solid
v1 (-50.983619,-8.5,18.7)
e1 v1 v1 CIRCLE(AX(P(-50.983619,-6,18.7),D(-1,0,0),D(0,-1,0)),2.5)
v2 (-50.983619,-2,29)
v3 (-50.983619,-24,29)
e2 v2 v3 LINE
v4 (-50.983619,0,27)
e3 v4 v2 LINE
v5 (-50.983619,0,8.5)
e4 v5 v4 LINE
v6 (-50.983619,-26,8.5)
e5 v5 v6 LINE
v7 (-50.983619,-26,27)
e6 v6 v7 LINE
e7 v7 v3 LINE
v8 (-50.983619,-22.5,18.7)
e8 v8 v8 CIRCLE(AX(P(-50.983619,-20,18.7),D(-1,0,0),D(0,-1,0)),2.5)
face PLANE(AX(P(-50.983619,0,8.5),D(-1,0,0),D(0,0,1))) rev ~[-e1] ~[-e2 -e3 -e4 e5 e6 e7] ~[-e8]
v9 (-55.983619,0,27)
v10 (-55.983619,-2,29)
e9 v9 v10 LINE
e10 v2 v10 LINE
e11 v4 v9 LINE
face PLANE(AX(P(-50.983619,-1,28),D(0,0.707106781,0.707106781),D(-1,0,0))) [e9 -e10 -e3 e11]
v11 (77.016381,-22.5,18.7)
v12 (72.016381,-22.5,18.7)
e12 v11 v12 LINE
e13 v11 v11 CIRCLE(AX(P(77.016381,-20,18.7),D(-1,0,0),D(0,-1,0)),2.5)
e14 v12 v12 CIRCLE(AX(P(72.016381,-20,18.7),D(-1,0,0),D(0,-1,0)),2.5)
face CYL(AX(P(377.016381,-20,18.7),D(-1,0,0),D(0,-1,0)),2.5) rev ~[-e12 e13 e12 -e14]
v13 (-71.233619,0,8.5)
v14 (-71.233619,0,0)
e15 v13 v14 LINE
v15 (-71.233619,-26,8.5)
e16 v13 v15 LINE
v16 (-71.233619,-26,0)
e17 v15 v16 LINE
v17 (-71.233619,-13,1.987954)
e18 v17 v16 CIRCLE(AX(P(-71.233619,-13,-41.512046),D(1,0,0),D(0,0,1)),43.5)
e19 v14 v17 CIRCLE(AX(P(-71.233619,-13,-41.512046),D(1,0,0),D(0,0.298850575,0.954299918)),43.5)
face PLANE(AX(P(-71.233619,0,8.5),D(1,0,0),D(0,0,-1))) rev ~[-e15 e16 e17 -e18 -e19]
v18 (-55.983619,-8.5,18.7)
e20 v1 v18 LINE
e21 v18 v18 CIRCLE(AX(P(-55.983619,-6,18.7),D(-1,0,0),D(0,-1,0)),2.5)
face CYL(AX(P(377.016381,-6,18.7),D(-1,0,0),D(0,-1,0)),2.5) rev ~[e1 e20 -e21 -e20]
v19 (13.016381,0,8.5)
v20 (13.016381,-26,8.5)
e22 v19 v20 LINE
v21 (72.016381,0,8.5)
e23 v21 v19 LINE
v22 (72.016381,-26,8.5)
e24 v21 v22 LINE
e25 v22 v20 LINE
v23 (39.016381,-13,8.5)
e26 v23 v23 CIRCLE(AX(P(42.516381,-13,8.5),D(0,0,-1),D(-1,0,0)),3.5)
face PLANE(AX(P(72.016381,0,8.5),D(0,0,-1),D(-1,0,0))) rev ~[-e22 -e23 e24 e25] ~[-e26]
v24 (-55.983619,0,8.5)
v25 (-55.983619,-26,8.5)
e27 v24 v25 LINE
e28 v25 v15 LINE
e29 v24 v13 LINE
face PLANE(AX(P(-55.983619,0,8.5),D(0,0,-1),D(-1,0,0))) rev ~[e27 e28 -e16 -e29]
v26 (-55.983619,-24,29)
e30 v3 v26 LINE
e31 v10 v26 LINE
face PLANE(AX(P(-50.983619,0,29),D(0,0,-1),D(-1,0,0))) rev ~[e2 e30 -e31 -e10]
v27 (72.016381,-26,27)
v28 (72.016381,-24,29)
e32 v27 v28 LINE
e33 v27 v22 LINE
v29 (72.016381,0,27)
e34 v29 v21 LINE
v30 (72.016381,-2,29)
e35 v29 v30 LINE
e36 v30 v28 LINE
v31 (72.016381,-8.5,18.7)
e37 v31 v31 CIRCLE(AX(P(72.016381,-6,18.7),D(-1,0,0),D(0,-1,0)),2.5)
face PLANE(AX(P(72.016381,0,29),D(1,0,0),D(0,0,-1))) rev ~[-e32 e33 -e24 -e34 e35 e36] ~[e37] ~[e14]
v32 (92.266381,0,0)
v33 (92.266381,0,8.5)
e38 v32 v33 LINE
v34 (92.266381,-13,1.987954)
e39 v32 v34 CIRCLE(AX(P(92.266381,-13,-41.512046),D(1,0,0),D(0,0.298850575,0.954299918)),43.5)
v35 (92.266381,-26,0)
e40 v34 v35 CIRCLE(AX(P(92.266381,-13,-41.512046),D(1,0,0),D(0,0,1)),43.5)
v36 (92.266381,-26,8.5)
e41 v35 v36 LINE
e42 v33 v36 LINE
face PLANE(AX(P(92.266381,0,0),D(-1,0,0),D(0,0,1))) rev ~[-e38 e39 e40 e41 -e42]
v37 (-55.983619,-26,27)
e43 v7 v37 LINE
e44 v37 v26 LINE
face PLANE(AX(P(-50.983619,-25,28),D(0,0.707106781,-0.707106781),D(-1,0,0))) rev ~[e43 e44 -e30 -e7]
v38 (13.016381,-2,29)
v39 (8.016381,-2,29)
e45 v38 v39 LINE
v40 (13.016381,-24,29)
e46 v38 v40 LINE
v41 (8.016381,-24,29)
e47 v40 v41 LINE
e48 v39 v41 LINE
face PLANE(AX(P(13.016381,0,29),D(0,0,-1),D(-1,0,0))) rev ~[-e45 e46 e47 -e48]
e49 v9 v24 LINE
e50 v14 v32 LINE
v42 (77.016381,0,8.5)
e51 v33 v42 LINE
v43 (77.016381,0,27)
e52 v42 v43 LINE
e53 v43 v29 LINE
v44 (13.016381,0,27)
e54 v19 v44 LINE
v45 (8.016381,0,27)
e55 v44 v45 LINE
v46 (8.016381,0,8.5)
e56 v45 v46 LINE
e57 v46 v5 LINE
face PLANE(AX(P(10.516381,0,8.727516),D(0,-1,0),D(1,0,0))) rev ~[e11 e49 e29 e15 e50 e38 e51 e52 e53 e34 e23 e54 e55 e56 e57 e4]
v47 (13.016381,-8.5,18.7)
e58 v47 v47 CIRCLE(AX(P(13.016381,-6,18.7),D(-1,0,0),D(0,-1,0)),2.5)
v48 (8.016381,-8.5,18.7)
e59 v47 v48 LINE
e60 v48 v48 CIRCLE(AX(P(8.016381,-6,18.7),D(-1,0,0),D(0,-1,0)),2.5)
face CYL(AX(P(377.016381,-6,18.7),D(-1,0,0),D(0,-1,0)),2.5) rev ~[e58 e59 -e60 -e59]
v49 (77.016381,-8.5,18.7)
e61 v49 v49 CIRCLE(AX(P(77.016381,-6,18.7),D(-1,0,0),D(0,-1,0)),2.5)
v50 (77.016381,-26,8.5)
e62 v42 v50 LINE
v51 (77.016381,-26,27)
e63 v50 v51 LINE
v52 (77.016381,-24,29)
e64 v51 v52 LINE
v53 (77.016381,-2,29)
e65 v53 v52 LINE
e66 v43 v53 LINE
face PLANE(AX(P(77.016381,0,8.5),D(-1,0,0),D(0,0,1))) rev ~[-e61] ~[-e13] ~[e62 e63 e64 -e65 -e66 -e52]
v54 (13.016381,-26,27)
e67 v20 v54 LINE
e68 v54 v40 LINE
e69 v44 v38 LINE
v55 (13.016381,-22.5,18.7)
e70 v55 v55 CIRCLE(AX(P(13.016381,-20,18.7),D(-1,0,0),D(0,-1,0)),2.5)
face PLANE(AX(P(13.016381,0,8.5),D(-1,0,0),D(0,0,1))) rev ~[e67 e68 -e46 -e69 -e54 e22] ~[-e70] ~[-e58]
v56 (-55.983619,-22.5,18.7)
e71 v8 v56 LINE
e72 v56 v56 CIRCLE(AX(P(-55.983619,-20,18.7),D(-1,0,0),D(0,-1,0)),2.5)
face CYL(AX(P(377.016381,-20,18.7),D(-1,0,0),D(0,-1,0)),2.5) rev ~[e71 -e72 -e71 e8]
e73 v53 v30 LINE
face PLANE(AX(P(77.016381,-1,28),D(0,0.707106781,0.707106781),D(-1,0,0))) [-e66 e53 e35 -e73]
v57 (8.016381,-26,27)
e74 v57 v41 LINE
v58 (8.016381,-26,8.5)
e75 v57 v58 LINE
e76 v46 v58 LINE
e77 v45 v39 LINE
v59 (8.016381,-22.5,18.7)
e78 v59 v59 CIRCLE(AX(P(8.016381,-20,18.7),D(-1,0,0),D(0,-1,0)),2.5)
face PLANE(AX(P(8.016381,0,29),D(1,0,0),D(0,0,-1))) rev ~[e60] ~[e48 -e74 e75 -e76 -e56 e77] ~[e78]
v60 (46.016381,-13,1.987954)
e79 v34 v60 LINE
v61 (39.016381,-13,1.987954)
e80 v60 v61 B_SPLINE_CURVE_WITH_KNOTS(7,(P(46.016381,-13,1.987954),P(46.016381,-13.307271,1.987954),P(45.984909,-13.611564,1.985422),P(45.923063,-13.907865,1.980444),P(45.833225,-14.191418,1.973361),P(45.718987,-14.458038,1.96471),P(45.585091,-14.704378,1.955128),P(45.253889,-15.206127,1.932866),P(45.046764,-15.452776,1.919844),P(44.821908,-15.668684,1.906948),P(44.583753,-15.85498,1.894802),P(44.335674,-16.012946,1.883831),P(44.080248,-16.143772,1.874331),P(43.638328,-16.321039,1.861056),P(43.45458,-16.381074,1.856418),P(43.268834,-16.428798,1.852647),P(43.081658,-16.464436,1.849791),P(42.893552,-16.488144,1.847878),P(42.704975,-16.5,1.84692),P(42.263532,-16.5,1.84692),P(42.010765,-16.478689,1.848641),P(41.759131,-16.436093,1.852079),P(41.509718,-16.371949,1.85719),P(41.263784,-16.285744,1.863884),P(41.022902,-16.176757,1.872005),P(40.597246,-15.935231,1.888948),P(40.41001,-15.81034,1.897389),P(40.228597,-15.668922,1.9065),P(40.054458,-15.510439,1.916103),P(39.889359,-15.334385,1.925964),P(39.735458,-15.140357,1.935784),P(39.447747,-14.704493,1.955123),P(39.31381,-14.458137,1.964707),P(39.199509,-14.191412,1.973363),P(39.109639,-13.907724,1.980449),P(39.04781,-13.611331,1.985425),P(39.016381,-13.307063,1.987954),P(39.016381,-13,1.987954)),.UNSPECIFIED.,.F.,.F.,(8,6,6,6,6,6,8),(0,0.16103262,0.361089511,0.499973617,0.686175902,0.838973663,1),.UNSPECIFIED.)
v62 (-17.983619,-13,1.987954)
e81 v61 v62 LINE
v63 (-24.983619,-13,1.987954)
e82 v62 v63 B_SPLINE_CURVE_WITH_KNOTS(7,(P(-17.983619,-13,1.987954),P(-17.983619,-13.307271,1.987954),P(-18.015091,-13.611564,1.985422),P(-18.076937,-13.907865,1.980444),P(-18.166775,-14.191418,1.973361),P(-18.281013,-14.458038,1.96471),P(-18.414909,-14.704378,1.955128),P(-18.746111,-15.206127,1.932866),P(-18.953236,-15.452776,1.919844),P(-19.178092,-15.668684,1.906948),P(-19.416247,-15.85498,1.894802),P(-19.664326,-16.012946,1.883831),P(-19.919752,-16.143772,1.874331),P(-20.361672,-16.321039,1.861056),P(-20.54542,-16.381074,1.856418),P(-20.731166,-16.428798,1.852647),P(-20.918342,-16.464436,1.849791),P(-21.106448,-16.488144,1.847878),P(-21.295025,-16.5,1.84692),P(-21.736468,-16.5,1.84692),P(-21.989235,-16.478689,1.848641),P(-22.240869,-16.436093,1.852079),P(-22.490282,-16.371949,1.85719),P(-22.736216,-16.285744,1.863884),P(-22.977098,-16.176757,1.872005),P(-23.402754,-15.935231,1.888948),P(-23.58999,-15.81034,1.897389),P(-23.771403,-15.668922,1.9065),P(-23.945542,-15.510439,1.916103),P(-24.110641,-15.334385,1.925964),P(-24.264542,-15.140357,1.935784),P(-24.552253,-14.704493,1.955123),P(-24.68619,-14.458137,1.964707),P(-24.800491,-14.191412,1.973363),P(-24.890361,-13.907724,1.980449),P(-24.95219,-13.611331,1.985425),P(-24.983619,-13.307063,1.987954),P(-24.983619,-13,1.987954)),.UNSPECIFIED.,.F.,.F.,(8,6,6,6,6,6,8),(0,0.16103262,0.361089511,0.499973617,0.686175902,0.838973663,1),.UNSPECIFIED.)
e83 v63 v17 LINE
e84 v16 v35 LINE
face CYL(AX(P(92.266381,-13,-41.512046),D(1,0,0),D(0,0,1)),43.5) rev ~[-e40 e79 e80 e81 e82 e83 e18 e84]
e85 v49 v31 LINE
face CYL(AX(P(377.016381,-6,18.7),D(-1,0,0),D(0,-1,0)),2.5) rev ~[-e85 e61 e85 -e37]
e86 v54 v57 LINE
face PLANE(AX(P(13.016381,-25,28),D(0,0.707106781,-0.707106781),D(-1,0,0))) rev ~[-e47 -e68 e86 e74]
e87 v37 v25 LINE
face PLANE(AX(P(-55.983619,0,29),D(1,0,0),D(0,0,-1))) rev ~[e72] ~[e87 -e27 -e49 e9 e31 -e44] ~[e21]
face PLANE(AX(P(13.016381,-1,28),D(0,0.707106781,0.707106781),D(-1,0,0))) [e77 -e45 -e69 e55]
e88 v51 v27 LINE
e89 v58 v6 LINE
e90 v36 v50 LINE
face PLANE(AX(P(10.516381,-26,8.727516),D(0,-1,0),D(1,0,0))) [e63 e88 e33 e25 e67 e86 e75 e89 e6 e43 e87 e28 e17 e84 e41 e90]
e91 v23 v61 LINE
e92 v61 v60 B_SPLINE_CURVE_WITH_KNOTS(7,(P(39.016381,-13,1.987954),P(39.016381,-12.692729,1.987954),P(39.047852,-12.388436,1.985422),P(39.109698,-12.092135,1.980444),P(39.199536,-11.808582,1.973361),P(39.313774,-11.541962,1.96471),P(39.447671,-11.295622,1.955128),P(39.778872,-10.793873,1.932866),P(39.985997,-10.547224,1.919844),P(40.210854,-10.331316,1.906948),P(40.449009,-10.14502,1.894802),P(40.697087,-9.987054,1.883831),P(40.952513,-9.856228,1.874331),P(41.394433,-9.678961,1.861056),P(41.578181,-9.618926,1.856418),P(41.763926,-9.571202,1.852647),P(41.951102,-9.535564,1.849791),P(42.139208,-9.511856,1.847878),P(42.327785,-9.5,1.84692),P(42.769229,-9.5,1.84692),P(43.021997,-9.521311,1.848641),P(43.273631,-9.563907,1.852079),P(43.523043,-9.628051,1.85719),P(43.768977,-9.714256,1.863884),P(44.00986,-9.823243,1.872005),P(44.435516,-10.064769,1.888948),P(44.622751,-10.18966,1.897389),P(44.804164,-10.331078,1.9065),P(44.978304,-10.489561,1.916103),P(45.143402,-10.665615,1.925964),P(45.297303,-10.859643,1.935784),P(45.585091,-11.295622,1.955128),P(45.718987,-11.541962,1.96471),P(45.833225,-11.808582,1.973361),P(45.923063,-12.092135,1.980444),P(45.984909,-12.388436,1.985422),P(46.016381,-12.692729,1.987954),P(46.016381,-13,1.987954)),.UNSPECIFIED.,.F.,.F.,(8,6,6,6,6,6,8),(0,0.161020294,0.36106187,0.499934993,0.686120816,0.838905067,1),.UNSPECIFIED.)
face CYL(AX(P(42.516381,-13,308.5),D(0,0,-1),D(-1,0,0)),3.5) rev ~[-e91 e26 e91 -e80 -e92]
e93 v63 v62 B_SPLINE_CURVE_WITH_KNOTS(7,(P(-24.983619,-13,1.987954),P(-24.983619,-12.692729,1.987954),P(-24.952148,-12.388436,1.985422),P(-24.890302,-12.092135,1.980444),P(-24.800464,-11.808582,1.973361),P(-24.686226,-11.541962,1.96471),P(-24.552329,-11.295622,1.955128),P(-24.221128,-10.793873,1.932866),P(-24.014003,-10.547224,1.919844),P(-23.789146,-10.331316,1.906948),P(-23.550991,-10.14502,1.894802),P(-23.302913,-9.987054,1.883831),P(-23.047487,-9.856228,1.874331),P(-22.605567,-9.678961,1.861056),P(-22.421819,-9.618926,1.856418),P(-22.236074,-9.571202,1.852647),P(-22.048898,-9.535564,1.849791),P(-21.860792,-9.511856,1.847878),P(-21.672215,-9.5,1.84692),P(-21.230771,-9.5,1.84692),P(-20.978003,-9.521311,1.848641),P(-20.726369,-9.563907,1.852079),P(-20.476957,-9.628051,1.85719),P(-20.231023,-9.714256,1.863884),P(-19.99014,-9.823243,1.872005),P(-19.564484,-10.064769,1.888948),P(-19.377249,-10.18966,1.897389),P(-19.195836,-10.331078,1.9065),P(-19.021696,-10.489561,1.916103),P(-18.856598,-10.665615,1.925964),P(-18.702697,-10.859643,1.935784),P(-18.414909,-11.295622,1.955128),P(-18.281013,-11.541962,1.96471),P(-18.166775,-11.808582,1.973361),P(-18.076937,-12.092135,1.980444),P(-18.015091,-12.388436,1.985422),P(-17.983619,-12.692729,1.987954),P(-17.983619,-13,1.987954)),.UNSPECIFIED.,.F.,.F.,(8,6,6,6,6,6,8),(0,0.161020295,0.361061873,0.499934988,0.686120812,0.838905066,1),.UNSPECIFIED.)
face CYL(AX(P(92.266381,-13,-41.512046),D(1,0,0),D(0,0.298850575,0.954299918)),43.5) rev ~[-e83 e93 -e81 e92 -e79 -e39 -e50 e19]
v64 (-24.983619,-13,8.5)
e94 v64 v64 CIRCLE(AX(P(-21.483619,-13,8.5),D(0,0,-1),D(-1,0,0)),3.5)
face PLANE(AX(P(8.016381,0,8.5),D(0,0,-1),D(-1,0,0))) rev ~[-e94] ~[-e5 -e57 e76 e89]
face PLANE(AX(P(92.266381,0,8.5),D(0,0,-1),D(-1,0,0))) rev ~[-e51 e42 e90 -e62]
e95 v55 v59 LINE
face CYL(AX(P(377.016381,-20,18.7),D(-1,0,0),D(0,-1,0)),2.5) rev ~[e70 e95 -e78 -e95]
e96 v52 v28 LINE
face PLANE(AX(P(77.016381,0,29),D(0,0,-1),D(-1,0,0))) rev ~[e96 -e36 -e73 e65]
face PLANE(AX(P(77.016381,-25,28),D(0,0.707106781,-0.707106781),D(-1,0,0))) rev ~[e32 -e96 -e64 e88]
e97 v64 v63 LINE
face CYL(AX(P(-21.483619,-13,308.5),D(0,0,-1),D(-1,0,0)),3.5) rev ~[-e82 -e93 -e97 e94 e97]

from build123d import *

# Parameters (mm, degrees)
F1_DEPTH = 26
F3_DEPTH = 200
F4_SIZE2 = 2
F4_SIZE  = 2
F5_D     = 5
F5_DEPTH = 300
F5_START = 15.25
F5_TIP   = 1.5021515476
F8_D     = 7
F8_DEPTH = 300
F8_TIP   = 2.1030121666


with BuildPart() as f1:
    # F0 (on Front) → F1 (new body)
    with BuildSketch(Plane.XZ):
        Polygon((-71.2336192391, 8.5), (-71.2336192391, 0), (92.2663807609, 0), (92.2663807609, 8.5), (77.0163807609, 8.5), (77.0163807609, 29), (72.0163807609, 29), (72.0163807609, 8.5), (13.0163807609, 8.5), (13.0163807609, 29), (8.0163807609, 29), (8.0163807609, 8.5), (-50.9836192391, 8.5), (-50.9836192391, 29), (-55.9836192391, 29), (-55.9836192391, 8.5), align=None)
    extrude(amount=F1_DEPTH)

    # F2 (on face) → F3 (cut)
    with BuildSketch(Plane.YZ.offset(92.2663807609)):
        with BuildLine():
            ThreePointArc((-13, 1.9879535556), (-19.5755600396, 1.4880932085), (-26, 0))
            Line((-26, 0), (-13, 0))
            Line((-13, 0), (-13, 1.9879535556))
        make_face()
        with BuildLine():
            ThreePointArc((0, 0), (-6.4244399604, 1.4880932085), (-13, 1.9879535556))
            Line((-13, 1.9879535556), (-13, 0))
            Line((-13, 0), (0, 0))
        make_face()
    extrude(amount=-F3_DEPTH, mode=Mode.SUBTRACT)

    # F4
    f4_edges = [f1.edges().sort_by_distance(p)[0] for p in [
        (74.516381, 0, 29),
        (74.516381, -26, 29),
        (10.516381, -26, 29),
        (10.516381, 0, 29),
        (-53.483619, -26, 29),
        (-53.483619, 0, 29),
    ]]
    chamfer(f4_edges, length=F4_SIZE, length2=F4_SIZE2)

    # F5
    # its depths count from where the whole tool has entered the part; down to there all is cleared
    with Locations(Plane.YZ.offset(92.2663807609).offset(-F5_START)):
        with Locations((-20, 18.7), (-6, 18.7)):
            Hole(F5_D / 2, depth=F5_DEPTH)
            with Locations((0, 0, -(F5_DEPTH + F5_TIP / 2))):  # 118° drill point
                Cone(0, F5_D / 2, F5_TIP, mode=Mode.SUBTRACT)

    # F8
    with Locations(Plane.XY.offset(8.5)):
        with Locations((-21.4836192391, -13), (42.5163807609, -13)):
            Hole(F8_D / 2, depth=F8_DEPTH)
            with Locations((0, 0, -(F8_DEPTH + F8_TIP / 2))):  # 118° drill point
                Cone(0, F8_D / 2, F8_TIP, mode=Mode.SUBTRACT)


solid = f1.part
